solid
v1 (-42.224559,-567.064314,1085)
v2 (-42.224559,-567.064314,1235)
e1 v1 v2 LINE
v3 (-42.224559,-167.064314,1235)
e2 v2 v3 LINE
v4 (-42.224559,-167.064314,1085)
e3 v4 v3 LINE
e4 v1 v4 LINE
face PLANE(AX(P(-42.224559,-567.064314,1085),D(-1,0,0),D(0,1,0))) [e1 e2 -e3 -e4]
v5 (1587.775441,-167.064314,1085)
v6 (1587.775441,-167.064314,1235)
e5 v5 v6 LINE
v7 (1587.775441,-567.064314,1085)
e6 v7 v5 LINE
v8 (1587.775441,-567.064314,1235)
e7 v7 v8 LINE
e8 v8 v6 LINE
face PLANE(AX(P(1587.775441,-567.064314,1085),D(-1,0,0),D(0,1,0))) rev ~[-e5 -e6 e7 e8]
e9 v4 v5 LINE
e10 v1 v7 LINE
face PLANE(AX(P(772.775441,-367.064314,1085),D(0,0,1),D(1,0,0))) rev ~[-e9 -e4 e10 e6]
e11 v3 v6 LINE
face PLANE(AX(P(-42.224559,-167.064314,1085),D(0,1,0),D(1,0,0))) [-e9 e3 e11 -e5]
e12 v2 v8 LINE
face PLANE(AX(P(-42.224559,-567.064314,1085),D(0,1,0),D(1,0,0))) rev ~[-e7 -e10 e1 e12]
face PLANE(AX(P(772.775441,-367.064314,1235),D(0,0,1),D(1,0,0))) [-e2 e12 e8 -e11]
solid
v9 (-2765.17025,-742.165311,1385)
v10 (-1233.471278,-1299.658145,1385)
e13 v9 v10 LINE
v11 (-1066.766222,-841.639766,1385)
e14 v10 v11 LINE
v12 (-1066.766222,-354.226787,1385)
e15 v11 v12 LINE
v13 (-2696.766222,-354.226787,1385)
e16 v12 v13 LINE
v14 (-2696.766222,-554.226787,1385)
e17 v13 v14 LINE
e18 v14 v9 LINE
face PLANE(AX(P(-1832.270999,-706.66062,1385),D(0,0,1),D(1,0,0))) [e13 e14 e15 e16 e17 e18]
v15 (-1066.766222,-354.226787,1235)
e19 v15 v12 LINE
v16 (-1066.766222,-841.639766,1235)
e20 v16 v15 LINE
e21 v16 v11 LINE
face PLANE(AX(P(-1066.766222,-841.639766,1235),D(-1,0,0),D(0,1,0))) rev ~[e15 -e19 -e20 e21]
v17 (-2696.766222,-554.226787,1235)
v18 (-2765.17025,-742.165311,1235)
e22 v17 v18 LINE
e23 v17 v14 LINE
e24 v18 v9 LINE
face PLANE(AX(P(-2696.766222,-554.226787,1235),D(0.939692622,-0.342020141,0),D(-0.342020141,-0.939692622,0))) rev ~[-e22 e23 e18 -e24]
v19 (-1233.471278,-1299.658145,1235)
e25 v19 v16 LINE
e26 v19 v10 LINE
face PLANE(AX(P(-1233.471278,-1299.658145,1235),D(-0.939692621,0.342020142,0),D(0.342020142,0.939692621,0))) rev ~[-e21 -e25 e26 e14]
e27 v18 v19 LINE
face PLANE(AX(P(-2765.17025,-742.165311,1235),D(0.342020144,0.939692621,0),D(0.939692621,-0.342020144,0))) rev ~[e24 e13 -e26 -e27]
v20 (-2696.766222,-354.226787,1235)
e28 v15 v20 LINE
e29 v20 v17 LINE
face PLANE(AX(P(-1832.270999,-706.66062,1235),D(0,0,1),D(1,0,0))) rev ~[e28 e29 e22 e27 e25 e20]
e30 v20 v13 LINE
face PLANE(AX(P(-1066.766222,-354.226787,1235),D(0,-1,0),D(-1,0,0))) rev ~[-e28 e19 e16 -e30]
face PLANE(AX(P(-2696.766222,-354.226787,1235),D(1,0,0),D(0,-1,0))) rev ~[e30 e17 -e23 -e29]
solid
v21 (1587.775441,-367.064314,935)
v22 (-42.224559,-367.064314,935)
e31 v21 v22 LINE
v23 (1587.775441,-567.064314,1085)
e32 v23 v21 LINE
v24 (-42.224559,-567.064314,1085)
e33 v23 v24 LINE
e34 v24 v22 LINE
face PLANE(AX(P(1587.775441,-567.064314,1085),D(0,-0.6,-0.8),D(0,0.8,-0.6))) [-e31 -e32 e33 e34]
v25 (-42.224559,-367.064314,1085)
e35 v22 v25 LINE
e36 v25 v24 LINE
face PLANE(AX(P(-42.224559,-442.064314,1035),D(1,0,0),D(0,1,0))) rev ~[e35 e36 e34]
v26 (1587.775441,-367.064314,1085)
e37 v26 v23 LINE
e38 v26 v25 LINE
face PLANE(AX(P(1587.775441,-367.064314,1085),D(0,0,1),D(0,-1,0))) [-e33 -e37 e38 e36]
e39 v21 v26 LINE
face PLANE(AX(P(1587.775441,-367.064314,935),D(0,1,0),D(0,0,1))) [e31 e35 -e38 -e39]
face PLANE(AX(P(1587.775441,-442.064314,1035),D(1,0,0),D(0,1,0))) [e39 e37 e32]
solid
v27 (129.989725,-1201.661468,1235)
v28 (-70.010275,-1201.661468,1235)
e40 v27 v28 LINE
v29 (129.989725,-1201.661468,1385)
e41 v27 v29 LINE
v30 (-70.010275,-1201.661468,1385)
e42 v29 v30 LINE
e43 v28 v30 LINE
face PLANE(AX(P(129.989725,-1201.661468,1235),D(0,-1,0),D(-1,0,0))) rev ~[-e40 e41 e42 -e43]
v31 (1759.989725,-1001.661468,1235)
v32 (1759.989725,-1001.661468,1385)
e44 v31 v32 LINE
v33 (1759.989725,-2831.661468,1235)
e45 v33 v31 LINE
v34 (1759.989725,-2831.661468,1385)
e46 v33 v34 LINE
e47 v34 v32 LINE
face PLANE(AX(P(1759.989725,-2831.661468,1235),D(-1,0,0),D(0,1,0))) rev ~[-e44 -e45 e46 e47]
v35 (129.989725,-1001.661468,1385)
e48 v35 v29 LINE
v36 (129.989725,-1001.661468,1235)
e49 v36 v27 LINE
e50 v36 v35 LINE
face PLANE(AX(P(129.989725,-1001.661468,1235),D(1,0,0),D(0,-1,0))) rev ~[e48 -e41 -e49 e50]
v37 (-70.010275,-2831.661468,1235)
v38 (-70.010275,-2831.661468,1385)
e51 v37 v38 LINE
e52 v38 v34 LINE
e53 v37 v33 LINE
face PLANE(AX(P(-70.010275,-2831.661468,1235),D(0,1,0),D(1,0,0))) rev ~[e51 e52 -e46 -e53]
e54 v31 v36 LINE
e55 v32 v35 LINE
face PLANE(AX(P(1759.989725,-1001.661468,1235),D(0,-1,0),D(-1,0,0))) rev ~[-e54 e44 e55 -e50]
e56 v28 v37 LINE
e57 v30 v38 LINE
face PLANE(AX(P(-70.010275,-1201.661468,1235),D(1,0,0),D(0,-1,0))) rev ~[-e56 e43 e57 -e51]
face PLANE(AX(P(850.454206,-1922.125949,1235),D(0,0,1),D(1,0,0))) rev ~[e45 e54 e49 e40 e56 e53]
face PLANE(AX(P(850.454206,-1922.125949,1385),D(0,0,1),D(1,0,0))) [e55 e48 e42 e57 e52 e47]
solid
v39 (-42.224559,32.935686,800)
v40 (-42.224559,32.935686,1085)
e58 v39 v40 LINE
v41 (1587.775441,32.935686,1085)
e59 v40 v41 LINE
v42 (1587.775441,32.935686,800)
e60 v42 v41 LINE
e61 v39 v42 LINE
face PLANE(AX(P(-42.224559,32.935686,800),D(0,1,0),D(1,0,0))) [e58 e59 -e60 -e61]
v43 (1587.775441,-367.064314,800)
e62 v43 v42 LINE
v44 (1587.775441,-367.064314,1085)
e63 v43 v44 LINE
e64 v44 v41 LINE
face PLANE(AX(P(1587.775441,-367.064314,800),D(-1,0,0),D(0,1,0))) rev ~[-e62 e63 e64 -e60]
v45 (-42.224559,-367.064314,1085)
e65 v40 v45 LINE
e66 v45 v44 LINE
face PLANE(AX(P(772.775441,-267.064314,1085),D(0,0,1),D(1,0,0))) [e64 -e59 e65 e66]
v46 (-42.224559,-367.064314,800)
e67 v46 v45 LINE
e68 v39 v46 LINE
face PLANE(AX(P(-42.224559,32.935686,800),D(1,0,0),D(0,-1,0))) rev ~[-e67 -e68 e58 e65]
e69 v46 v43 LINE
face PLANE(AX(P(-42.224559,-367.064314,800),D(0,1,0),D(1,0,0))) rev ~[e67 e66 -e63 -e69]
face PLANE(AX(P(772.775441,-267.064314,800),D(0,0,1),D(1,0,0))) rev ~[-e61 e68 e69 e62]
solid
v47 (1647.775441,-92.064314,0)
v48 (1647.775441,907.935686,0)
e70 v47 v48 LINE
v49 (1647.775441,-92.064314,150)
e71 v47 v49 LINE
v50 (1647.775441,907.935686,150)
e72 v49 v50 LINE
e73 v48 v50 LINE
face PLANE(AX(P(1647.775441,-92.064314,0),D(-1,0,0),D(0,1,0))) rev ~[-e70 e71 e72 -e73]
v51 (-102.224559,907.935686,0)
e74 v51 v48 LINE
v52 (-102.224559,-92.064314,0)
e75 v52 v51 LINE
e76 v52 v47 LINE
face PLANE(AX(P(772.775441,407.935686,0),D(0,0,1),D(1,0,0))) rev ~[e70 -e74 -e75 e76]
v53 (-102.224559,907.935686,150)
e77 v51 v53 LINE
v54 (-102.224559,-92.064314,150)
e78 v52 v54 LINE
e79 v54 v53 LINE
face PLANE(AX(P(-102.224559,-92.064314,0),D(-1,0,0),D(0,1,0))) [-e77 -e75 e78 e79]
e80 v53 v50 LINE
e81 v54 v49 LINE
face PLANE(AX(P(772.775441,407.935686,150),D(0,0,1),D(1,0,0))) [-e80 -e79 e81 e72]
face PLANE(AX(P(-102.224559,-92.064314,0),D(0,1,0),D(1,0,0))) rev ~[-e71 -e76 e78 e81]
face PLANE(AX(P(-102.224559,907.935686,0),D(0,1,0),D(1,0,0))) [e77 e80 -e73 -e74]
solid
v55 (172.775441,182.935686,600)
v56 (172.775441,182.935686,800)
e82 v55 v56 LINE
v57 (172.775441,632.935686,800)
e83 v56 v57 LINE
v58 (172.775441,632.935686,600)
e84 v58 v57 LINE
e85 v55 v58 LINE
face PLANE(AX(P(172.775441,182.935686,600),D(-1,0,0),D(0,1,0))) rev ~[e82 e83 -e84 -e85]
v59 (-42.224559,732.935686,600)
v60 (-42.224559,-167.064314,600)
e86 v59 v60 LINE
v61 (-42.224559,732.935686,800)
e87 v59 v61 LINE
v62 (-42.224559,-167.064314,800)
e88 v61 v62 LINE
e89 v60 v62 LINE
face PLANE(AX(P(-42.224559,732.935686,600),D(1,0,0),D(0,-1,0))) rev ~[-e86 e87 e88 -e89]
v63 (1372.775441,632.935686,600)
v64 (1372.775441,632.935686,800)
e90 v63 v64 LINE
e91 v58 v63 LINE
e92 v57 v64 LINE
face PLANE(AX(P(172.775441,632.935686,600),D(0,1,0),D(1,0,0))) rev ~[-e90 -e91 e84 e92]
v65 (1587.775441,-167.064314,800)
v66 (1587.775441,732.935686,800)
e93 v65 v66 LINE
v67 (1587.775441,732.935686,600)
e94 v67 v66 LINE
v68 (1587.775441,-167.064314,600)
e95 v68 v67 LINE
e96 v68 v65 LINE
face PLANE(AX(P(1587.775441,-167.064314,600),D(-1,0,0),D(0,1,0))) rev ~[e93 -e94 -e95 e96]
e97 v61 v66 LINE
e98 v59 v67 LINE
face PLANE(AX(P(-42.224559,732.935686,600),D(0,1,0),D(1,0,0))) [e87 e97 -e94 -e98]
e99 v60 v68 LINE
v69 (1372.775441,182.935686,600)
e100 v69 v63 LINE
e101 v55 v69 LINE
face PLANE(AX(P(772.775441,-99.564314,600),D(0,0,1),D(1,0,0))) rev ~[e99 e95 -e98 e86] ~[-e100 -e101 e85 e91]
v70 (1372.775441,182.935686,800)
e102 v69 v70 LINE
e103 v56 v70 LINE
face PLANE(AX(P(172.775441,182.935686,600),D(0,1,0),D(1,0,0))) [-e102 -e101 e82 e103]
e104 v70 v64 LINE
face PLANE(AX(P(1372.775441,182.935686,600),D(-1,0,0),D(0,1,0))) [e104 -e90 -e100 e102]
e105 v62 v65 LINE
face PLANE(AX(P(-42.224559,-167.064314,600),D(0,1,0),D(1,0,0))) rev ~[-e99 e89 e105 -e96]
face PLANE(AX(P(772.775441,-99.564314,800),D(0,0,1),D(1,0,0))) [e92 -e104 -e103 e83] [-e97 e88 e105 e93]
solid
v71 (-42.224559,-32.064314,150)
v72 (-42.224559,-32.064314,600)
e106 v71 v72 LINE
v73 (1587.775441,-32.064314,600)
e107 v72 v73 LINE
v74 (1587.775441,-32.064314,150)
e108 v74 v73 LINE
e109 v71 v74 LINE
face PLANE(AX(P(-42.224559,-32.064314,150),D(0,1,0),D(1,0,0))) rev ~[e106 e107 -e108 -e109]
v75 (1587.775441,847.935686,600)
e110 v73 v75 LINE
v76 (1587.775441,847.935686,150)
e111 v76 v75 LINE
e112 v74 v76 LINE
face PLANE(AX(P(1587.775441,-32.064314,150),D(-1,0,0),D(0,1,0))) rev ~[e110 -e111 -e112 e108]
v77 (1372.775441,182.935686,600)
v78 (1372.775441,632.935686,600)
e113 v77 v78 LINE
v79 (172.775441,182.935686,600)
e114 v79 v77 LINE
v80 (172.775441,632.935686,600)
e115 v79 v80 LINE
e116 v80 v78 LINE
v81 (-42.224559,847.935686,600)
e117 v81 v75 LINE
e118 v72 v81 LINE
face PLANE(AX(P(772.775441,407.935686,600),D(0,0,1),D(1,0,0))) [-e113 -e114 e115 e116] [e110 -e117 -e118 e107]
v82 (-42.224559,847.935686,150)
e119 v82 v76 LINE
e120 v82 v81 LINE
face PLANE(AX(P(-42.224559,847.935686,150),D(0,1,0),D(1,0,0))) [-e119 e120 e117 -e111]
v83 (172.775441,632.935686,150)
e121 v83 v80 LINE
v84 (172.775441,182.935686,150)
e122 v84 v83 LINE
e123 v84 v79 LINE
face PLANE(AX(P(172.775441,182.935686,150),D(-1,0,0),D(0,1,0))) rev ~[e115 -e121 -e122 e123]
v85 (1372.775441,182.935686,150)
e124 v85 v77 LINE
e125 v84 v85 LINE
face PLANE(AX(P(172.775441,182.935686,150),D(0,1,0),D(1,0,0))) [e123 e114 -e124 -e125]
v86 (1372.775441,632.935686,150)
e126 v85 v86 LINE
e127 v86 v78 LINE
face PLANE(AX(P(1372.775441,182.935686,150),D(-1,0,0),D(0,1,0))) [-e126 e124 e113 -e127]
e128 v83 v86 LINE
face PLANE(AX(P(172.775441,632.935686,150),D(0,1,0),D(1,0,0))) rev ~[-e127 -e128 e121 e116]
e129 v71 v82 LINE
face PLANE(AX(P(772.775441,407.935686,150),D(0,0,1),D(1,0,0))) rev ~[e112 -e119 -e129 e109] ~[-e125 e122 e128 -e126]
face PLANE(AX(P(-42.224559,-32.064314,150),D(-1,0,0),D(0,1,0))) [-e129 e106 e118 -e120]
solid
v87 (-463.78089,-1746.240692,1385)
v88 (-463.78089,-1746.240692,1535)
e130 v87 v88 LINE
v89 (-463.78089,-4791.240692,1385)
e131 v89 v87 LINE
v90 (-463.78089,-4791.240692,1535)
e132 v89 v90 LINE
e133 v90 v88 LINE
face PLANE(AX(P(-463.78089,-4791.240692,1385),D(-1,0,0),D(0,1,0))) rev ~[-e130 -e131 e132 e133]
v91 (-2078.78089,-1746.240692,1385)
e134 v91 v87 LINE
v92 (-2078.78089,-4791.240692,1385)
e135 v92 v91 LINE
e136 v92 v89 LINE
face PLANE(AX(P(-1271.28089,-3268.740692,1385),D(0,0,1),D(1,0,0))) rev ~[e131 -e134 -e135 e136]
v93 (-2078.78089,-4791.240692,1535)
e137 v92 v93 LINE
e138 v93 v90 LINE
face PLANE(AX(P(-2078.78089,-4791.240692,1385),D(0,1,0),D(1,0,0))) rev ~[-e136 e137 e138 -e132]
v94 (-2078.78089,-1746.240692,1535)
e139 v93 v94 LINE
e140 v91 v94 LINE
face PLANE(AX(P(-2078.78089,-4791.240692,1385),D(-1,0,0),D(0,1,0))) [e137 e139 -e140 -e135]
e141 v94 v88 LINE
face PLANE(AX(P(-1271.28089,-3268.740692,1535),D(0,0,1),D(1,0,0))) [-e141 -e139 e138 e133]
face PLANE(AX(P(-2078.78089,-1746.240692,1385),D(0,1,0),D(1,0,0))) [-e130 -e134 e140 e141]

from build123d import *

# Parameters (mm, degrees)
F0_W      = 1750
F0_H      = 1000
F1_DEPTH  = 150
F2_W      = 1630
F2_H      = 880
F2_W_2    = 1200
F2_H_2    = 450
F3_DEPTH  = 450
F4_W      = 1630
F4_H      = 135
F4_H_2    = 765
F4_W_2    = 1200
F4_H_3    = 450
F5_DEPTH  = 200
F6_W      = 1630
F6_H      = 200
F7_DEPTH  = 285
F8_W      = 1630
F8_H      = 400
F9_DEPTH  = 150
F11_DEPTH = 1630
F13_DEPTH = 150
F14_W     = 1615
F14_H     = 3045
F15_DEPTH = 150
F17_DEPTH = 150


with BuildPart() as f1:
    # F0 (on Top) → F1 (new body)
    with BuildSketch(Plane.XY):
        with Locations((772.775441, 407.935686)):
            Rectangle(F0_W, F0_H)
    extrude(amount=F1_DEPTH)


with BuildPart() as f3:
    # F2 (on face) → F3 (new body)
    with BuildSketch(Plane.XY.offset(150)):
        with Locations((772.775441, 407.935686)):
            Rectangle(F2_W, F2_H)
        with Locations((772.775441, 407.935686)):
            Rectangle(F2_W_2, F2_H_2, mode=Mode.SUBTRACT)
    extrude(amount=F3_DEPTH)


with BuildPart() as f5:
    # F4 (on face) → F5 (new body)
    with BuildSketch(Plane.XY.offset(600)):
        with Locations((772.775441, -99.564314)):
            Rectangle(F4_W, F4_H)
        with Locations((772.775441, 350.435686)):
            Rectangle(F4_W, F4_H_2)
        with Locations((772.775441, 407.935686)):
            Rectangle(F4_W_2, F4_H_3, mode=Mode.SUBTRACT)
    extrude(amount=F5_DEPTH)


with BuildPart() as f7:
    # F6 (on face) → F7 (new body)
    with BuildSketch(Plane.XY.offset(800)):
        with Locations((772.775441, -267.064314)):
            Rectangle(F6_W, F6_H)
        with Locations((772.775441, -67.064314)):
            Rectangle(F6_W, F6_H)
    extrude(amount=F7_DEPTH)


with BuildPart() as f9:
    # F8 (on face) → F9 (new body)
    with BuildSketch(Plane.XY.offset(1085)):
        with Locations((772.775441, -367.064314)):
            Rectangle(F8_W, F8_H)
    extrude(amount=F9_DEPTH)


with BuildPart() as f11:
    # F10 (on face) → F11 (new body)
    with BuildSketch(Plane.YZ.offset(1587.775441)):
        Polygon((-367.064314, 935), (-367.064314, 1085), (-567.064314, 1085), align=None)
    extrude(amount=-F11_DEPTH)


with BuildPart() as f13:
    # F12 (on face) → F13 (new body)
    with BuildSketch(Plane.XY.offset(1235)):
        Polygon((1759.989725, -1001.661468), (129.989725, -1001.661468), (129.989725, -1201.661468), (-70.010275, -1201.661468), (-70.010275, -2831.661468), (1759.989725, -2831.661468), align=None)
    extrude(amount=F13_DEPTH)


with BuildPart() as f15:
    # F14 (on face) → F15 (new body)
    with BuildSketch(Plane.XY.offset(1385)):
        with Locations((-1271.28089, -3268.740692)):
            Rectangle(F14_W, F14_H)
    extrude(amount=F15_DEPTH)


with BuildPart() as f17:
    # F16 (on face) → F17 (new body)
    with BuildSketch(Plane.XY.offset(1235)):
        Polygon((-1066.766222, -841.639766), (-1066.766222, -354.226787), (-2696.766222, -354.226787), (-2696.766222, -554.226787), (-2765.17025, -742.165311), (-1233.471278, -1299.658145), align=None)
    extrude(amount=F17_DEPTH)


solid = Compound([f1.part, f3.part, f5.part, f7.part, f9.part, f11.part, f13.part, f15.part, f17.part])
